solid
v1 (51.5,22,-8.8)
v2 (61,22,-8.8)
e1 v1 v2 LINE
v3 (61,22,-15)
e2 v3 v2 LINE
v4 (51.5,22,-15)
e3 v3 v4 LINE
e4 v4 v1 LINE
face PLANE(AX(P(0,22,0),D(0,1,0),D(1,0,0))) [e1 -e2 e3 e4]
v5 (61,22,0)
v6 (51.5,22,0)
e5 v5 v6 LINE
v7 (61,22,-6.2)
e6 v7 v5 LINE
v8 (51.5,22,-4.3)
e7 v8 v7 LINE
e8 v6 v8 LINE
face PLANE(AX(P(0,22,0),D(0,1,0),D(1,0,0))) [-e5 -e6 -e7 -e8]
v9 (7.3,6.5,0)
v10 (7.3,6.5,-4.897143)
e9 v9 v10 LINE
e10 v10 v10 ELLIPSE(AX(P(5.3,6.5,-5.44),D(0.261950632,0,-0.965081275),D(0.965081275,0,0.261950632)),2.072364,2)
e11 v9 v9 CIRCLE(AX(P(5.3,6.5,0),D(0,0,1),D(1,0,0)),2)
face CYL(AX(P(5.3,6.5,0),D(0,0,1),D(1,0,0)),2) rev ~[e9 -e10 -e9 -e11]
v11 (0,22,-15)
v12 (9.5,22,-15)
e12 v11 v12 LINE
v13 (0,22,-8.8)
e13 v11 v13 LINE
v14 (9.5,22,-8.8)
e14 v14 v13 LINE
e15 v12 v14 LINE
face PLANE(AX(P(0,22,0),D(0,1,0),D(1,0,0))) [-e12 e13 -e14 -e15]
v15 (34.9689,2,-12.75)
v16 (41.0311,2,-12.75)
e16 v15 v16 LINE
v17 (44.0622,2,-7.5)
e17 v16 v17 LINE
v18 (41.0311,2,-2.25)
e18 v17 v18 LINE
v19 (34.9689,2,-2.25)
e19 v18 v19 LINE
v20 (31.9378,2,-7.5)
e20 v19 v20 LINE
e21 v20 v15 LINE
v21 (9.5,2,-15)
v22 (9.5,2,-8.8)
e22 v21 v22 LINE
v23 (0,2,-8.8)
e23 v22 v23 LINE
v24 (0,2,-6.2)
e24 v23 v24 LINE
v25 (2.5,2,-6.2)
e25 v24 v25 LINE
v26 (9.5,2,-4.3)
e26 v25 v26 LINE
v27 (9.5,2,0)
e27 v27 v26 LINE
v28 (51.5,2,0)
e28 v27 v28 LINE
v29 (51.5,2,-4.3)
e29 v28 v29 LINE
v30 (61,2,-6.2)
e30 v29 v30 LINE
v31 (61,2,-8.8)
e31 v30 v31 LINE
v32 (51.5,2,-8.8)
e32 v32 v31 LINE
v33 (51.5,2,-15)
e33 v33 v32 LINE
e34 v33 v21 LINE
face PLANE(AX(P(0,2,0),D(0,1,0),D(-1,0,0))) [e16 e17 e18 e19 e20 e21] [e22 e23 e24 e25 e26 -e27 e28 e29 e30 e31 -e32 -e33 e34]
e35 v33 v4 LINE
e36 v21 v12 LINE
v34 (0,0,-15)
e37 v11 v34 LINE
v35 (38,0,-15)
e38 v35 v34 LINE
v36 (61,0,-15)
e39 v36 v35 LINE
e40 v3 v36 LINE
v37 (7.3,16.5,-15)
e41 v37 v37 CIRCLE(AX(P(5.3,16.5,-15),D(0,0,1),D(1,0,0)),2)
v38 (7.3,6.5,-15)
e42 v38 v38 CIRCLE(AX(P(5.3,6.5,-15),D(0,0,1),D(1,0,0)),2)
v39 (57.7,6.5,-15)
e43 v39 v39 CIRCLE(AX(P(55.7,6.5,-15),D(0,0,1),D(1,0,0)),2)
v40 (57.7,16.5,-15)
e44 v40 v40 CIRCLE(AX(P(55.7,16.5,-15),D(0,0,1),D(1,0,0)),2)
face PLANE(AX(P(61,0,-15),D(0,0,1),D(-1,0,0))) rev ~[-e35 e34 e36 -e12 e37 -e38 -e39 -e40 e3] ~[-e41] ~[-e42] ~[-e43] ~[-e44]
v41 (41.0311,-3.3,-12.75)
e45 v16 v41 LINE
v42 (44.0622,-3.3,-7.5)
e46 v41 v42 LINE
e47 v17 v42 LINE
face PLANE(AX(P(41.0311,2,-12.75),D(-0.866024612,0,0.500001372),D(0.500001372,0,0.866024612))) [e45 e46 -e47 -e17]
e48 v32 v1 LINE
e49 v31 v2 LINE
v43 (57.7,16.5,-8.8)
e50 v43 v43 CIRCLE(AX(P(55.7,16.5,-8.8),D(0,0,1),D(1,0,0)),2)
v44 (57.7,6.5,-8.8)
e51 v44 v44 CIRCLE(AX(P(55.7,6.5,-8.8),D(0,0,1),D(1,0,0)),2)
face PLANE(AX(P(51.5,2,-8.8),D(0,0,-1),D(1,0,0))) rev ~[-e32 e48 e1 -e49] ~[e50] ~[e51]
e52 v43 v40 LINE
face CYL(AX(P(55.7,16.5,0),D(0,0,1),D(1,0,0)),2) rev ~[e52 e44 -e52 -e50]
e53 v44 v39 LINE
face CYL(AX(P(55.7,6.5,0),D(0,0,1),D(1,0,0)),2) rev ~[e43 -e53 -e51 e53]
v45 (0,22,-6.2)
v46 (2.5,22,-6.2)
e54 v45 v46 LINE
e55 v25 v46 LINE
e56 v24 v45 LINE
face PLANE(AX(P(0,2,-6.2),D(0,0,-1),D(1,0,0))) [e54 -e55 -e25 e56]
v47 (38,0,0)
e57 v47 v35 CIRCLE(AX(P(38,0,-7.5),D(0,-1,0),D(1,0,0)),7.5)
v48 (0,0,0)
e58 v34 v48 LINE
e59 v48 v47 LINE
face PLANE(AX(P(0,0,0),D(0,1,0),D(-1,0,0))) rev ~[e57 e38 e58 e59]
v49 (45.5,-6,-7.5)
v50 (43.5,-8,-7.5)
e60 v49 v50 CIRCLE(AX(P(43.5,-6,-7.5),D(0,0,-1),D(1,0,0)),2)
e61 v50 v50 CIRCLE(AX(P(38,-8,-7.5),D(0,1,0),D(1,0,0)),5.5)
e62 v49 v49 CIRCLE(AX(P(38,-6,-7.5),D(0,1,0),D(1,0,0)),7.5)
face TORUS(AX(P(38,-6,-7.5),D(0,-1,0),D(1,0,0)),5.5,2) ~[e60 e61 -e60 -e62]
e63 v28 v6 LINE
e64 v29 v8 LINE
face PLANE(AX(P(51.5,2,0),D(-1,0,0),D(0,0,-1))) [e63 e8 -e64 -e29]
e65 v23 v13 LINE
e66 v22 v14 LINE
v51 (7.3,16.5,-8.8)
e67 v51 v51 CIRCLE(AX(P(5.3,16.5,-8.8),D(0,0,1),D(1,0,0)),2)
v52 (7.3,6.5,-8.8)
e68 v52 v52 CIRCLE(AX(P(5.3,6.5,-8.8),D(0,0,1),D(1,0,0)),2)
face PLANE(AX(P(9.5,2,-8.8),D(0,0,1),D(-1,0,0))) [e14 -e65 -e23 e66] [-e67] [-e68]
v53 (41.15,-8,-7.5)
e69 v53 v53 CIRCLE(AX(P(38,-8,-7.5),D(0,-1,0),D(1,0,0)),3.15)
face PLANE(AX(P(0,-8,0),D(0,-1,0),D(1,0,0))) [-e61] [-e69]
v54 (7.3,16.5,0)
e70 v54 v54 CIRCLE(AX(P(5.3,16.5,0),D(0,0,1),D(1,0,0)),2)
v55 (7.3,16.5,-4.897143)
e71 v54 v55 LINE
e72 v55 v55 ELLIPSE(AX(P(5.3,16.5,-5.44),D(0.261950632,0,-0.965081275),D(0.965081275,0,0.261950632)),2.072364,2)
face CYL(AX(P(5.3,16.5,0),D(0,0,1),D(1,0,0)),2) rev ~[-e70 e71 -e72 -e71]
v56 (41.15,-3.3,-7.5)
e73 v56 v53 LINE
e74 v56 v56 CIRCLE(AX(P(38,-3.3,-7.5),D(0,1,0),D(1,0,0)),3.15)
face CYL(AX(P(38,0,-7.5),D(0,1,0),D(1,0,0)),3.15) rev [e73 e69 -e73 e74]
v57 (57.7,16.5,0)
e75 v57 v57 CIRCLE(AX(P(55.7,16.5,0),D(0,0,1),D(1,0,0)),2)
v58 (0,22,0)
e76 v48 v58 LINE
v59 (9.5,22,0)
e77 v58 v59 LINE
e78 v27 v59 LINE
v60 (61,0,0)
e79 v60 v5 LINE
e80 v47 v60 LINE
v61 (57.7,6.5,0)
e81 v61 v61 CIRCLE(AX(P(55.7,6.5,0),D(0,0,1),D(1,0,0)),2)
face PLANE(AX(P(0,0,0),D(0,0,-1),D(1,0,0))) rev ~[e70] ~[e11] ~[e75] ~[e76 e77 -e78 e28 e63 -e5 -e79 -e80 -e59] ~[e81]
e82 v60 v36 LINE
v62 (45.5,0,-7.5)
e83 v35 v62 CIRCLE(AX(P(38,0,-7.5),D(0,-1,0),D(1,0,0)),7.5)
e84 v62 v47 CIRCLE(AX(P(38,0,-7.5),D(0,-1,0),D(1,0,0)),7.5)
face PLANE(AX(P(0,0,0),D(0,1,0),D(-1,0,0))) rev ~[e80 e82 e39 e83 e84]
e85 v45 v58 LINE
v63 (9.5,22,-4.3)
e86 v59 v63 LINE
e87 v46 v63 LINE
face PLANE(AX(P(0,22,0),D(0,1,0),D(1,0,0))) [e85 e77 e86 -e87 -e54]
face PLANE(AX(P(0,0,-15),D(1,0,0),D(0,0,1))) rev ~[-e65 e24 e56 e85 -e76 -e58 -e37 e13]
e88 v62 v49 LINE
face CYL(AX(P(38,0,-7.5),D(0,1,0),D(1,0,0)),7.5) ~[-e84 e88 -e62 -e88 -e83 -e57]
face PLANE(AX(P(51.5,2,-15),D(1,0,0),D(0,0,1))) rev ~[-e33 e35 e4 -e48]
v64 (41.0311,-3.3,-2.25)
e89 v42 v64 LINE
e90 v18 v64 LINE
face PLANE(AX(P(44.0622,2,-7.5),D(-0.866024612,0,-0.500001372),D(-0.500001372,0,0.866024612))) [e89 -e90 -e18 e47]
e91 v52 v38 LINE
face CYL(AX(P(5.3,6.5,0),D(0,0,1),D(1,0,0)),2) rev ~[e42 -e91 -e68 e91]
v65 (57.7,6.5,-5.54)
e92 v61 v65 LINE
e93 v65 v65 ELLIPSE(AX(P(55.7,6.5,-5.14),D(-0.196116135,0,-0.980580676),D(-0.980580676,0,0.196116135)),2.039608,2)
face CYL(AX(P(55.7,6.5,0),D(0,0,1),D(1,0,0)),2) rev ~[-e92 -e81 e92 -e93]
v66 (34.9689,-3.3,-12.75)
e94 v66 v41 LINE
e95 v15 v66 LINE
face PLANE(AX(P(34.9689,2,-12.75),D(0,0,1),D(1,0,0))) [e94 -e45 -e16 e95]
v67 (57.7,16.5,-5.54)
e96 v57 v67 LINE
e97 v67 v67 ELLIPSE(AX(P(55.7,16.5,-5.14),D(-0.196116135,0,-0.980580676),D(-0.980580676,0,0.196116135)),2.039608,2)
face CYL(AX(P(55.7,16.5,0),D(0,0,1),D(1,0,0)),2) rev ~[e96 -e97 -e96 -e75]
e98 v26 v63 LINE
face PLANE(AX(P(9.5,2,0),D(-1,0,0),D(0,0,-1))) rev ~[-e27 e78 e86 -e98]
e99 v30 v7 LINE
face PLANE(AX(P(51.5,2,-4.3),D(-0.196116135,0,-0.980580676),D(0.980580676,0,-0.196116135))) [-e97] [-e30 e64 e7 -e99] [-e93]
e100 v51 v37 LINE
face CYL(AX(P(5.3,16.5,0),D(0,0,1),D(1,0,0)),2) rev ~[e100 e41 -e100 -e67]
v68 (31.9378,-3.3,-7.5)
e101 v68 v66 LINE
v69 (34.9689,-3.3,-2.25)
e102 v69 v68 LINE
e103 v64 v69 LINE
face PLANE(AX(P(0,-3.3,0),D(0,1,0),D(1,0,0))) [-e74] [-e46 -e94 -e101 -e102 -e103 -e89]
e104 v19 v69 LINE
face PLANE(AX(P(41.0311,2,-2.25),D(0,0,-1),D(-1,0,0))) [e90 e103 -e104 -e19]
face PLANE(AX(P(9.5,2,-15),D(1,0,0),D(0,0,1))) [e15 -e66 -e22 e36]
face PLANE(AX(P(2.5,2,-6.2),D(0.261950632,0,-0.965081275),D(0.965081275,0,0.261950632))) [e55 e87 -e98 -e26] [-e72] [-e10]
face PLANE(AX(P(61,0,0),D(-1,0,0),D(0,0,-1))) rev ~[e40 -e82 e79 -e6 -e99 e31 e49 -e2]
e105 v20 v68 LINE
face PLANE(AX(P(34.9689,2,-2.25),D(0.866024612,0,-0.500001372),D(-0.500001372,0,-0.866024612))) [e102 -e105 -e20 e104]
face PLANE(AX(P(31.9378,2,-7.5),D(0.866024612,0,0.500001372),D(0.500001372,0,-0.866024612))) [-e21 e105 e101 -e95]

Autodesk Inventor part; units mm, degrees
ref_plane "YZ Plane" through (0, 0, 0) normal (1, 0, 0) x (0, 1, 0)
ref_plane "XZ Plane" through (0, 0, 0) normal (0, 1, 0) x (-1, 0, 0)
ref_plane "XY Plane" through (0, 0, 0) normal (0, 0, 1) x (1, 0, 0)
sketch "Esquisse1" plane through (0, 0, 0) normal (0, 1, 0) x (-1, 0, 0)
  line L0 (0, 0) -> (-61, 0)
  line L1 (-61, 0) -> (-61, -15)
  line L2 (-61, -15) -> (0, -15)
  line L3 (0, -15) -> (0, 0)
  dimension "d0" = 15
  dimension "d1" = 61
extrude "Extrusion1" add sketch "Esquisse1" along normal blind 2
sketch "Esquisse2" plane through (0, 2, 0) normal (0, 1, 0) x (1, 0, 0)
  line L0 (0, 15) -> (0, 0) projected
  line L1 (0, 0) -> (9.5, 0)
  line L2 (9.5, 0) -> (9.5, 4.3)
  line L3 (0, 6.2) -> (0, 0)
  line L4 (0, 15) -> (9.5, 15)
  line L5 (9.5, 15) -> (9.5, 8.8)
  line L6 (9.5, 8.8) -> (0, 8.8)
  line L7 (0, 8.8) -> (0, 15)
  line L8 (0, 0) -> (61, 0) construction
  line L9 (30.5, 0) -> (30.5, 15) construction
  line L10 (61, 15) -> (61, 0)
  line L11 (61, 0) -> (51.5, 0)
  line L12 (51.5, 0) -> (51.5, 4.3)
  line L13 (51.5, 4.3) -> (61, 6.2)
  line L14 (61, 6.2) -> (61, 0)
  line L15 (61, 15) -> (51.5, 15)
  line L16 (51.5, 15) -> (51.5, 8.8)
  line L17 (51.5, 8.8) -> (61, 8.8)
  line L18 (61, 8.8) -> (61, 15)
  line L19 (0, 6.2) -> (2.5, 6.2)
  line L20 (2.5, 6.2) -> (9.5, 4.3)
  dimension "d33" = 2.6
  dimension "d34" = 6.2
  dimension "d36" = 4.5
  dimension "d37" = 2.5
  dimension "d38" = 7
extrude "Extrusion2" add sketch "Esquisse2" along normal blind 20
sketch "Esquisse3" plane through (0, 0, 0) normal (0, 0, 1) x (1, 0, 0)
  circle A0 centre (55.7, 16.5) radius 2
  line L0 (51.5, 2) -> (51.5, 22) projected
  circle A1 centre (55.7, 6.5) radius 2
  line L1 (51.5, 22) -> (61, 22) projected
  line L2 (0, 0) -> (61, 0) projected
  line L3 (51.5, 2) -> (9.5, 2) construction
  line L4 (30.5, 0) -> (30.5, 2) construction
  line L5 (9.5, 2) -> (51.5, 2) construction
  circle A2 centre (5.3, 16.5) radius 2
  circle A3 centre (5.3, 6.5) radius 2
  dimension "d10" = 4
  dimension "d11" = 4.2
  dimension "d12" = 4.2
  dimension "d40" = 10
  dimension "d41" = 4.5
extrude "Extrusion3" cut sketch "Esquisse3" against normal blind 20
sketch "Esquisse4" plane through (0, 0, 0) normal (0, -1, 0) x (1, 0, 0)
  circle A0 centre (44, -7.5) radius 5.15
  circle A1 centre (44, -7.5) radius 3.15
  line L0 (61, -6.2) -> (61, -8.8) construction
  line L1 (0, -8.8) -> (0, -6.2) construction
  line L2 (0, -15) -> (0, 0) construction
  line L3 (0, 0) -> (61, 0) construction
  line L4 (9.5, 0) -> (51.5, 0) construction
  line L5 (44, 0) -> (44, -15) construction
  line L6 (61, 0) -> (61, -15) construction
  line L7 (61, -15) -> (0, -15) construction
  dimension "d18" = 6.3
  dimension "d19" = 2
  dimension "d21" = 17
sketch "Esquisse5" plane through (0, 2, 0) normal (0, 1, 0) x (1, 0, 0)
  circle A0 centre (38, 7.5) radius 3.15 projected
  line L0 (41.0311, 2.25) -> (34.9689, 2.25)
  line L1 (34.9689, 2.25) -> (31.9378, 7.5)
  line L2 (31.9378, 7.5) -> (34.9689, 12.75)
  line L3 (34.9689, 12.75) -> (41.0311, 12.75)
  line L4 (41.0311, 12.75) -> (44.0622, 7.5)
  line L5 (44.0622, 7.5) -> (41.0311, 2.25)
  line L6 (9.5, 0) -> (51.5, 0) projected
  point P0 (0, 0)
  dimension "d24" = 10.5
sketch "Esquisse7" plane through (0, 0, 0) normal (0, -1, 0) x (1, 0, 0)
  circle A0 centre (38, -7.5) radius 3.15 projected
  circle A1 centre (38, -7.5) radius 7.5
  line L0 (61, -15) -> (0, -15) projected
  point P0 (0, 0)
extrude "Extrusion6" add sketch "Esquisse7" along normal blind 8
extrude "Extrusion7" cut sketch "Esquisse5" against normal blind 5.3 contours A0 | L0 L1 L2 L3 L4 L5
fillet "Congé1" radius 2 1 edges at (30.5, -8, -7.5)
equation "\"d12\" = d11"
properties part number "exp0"
